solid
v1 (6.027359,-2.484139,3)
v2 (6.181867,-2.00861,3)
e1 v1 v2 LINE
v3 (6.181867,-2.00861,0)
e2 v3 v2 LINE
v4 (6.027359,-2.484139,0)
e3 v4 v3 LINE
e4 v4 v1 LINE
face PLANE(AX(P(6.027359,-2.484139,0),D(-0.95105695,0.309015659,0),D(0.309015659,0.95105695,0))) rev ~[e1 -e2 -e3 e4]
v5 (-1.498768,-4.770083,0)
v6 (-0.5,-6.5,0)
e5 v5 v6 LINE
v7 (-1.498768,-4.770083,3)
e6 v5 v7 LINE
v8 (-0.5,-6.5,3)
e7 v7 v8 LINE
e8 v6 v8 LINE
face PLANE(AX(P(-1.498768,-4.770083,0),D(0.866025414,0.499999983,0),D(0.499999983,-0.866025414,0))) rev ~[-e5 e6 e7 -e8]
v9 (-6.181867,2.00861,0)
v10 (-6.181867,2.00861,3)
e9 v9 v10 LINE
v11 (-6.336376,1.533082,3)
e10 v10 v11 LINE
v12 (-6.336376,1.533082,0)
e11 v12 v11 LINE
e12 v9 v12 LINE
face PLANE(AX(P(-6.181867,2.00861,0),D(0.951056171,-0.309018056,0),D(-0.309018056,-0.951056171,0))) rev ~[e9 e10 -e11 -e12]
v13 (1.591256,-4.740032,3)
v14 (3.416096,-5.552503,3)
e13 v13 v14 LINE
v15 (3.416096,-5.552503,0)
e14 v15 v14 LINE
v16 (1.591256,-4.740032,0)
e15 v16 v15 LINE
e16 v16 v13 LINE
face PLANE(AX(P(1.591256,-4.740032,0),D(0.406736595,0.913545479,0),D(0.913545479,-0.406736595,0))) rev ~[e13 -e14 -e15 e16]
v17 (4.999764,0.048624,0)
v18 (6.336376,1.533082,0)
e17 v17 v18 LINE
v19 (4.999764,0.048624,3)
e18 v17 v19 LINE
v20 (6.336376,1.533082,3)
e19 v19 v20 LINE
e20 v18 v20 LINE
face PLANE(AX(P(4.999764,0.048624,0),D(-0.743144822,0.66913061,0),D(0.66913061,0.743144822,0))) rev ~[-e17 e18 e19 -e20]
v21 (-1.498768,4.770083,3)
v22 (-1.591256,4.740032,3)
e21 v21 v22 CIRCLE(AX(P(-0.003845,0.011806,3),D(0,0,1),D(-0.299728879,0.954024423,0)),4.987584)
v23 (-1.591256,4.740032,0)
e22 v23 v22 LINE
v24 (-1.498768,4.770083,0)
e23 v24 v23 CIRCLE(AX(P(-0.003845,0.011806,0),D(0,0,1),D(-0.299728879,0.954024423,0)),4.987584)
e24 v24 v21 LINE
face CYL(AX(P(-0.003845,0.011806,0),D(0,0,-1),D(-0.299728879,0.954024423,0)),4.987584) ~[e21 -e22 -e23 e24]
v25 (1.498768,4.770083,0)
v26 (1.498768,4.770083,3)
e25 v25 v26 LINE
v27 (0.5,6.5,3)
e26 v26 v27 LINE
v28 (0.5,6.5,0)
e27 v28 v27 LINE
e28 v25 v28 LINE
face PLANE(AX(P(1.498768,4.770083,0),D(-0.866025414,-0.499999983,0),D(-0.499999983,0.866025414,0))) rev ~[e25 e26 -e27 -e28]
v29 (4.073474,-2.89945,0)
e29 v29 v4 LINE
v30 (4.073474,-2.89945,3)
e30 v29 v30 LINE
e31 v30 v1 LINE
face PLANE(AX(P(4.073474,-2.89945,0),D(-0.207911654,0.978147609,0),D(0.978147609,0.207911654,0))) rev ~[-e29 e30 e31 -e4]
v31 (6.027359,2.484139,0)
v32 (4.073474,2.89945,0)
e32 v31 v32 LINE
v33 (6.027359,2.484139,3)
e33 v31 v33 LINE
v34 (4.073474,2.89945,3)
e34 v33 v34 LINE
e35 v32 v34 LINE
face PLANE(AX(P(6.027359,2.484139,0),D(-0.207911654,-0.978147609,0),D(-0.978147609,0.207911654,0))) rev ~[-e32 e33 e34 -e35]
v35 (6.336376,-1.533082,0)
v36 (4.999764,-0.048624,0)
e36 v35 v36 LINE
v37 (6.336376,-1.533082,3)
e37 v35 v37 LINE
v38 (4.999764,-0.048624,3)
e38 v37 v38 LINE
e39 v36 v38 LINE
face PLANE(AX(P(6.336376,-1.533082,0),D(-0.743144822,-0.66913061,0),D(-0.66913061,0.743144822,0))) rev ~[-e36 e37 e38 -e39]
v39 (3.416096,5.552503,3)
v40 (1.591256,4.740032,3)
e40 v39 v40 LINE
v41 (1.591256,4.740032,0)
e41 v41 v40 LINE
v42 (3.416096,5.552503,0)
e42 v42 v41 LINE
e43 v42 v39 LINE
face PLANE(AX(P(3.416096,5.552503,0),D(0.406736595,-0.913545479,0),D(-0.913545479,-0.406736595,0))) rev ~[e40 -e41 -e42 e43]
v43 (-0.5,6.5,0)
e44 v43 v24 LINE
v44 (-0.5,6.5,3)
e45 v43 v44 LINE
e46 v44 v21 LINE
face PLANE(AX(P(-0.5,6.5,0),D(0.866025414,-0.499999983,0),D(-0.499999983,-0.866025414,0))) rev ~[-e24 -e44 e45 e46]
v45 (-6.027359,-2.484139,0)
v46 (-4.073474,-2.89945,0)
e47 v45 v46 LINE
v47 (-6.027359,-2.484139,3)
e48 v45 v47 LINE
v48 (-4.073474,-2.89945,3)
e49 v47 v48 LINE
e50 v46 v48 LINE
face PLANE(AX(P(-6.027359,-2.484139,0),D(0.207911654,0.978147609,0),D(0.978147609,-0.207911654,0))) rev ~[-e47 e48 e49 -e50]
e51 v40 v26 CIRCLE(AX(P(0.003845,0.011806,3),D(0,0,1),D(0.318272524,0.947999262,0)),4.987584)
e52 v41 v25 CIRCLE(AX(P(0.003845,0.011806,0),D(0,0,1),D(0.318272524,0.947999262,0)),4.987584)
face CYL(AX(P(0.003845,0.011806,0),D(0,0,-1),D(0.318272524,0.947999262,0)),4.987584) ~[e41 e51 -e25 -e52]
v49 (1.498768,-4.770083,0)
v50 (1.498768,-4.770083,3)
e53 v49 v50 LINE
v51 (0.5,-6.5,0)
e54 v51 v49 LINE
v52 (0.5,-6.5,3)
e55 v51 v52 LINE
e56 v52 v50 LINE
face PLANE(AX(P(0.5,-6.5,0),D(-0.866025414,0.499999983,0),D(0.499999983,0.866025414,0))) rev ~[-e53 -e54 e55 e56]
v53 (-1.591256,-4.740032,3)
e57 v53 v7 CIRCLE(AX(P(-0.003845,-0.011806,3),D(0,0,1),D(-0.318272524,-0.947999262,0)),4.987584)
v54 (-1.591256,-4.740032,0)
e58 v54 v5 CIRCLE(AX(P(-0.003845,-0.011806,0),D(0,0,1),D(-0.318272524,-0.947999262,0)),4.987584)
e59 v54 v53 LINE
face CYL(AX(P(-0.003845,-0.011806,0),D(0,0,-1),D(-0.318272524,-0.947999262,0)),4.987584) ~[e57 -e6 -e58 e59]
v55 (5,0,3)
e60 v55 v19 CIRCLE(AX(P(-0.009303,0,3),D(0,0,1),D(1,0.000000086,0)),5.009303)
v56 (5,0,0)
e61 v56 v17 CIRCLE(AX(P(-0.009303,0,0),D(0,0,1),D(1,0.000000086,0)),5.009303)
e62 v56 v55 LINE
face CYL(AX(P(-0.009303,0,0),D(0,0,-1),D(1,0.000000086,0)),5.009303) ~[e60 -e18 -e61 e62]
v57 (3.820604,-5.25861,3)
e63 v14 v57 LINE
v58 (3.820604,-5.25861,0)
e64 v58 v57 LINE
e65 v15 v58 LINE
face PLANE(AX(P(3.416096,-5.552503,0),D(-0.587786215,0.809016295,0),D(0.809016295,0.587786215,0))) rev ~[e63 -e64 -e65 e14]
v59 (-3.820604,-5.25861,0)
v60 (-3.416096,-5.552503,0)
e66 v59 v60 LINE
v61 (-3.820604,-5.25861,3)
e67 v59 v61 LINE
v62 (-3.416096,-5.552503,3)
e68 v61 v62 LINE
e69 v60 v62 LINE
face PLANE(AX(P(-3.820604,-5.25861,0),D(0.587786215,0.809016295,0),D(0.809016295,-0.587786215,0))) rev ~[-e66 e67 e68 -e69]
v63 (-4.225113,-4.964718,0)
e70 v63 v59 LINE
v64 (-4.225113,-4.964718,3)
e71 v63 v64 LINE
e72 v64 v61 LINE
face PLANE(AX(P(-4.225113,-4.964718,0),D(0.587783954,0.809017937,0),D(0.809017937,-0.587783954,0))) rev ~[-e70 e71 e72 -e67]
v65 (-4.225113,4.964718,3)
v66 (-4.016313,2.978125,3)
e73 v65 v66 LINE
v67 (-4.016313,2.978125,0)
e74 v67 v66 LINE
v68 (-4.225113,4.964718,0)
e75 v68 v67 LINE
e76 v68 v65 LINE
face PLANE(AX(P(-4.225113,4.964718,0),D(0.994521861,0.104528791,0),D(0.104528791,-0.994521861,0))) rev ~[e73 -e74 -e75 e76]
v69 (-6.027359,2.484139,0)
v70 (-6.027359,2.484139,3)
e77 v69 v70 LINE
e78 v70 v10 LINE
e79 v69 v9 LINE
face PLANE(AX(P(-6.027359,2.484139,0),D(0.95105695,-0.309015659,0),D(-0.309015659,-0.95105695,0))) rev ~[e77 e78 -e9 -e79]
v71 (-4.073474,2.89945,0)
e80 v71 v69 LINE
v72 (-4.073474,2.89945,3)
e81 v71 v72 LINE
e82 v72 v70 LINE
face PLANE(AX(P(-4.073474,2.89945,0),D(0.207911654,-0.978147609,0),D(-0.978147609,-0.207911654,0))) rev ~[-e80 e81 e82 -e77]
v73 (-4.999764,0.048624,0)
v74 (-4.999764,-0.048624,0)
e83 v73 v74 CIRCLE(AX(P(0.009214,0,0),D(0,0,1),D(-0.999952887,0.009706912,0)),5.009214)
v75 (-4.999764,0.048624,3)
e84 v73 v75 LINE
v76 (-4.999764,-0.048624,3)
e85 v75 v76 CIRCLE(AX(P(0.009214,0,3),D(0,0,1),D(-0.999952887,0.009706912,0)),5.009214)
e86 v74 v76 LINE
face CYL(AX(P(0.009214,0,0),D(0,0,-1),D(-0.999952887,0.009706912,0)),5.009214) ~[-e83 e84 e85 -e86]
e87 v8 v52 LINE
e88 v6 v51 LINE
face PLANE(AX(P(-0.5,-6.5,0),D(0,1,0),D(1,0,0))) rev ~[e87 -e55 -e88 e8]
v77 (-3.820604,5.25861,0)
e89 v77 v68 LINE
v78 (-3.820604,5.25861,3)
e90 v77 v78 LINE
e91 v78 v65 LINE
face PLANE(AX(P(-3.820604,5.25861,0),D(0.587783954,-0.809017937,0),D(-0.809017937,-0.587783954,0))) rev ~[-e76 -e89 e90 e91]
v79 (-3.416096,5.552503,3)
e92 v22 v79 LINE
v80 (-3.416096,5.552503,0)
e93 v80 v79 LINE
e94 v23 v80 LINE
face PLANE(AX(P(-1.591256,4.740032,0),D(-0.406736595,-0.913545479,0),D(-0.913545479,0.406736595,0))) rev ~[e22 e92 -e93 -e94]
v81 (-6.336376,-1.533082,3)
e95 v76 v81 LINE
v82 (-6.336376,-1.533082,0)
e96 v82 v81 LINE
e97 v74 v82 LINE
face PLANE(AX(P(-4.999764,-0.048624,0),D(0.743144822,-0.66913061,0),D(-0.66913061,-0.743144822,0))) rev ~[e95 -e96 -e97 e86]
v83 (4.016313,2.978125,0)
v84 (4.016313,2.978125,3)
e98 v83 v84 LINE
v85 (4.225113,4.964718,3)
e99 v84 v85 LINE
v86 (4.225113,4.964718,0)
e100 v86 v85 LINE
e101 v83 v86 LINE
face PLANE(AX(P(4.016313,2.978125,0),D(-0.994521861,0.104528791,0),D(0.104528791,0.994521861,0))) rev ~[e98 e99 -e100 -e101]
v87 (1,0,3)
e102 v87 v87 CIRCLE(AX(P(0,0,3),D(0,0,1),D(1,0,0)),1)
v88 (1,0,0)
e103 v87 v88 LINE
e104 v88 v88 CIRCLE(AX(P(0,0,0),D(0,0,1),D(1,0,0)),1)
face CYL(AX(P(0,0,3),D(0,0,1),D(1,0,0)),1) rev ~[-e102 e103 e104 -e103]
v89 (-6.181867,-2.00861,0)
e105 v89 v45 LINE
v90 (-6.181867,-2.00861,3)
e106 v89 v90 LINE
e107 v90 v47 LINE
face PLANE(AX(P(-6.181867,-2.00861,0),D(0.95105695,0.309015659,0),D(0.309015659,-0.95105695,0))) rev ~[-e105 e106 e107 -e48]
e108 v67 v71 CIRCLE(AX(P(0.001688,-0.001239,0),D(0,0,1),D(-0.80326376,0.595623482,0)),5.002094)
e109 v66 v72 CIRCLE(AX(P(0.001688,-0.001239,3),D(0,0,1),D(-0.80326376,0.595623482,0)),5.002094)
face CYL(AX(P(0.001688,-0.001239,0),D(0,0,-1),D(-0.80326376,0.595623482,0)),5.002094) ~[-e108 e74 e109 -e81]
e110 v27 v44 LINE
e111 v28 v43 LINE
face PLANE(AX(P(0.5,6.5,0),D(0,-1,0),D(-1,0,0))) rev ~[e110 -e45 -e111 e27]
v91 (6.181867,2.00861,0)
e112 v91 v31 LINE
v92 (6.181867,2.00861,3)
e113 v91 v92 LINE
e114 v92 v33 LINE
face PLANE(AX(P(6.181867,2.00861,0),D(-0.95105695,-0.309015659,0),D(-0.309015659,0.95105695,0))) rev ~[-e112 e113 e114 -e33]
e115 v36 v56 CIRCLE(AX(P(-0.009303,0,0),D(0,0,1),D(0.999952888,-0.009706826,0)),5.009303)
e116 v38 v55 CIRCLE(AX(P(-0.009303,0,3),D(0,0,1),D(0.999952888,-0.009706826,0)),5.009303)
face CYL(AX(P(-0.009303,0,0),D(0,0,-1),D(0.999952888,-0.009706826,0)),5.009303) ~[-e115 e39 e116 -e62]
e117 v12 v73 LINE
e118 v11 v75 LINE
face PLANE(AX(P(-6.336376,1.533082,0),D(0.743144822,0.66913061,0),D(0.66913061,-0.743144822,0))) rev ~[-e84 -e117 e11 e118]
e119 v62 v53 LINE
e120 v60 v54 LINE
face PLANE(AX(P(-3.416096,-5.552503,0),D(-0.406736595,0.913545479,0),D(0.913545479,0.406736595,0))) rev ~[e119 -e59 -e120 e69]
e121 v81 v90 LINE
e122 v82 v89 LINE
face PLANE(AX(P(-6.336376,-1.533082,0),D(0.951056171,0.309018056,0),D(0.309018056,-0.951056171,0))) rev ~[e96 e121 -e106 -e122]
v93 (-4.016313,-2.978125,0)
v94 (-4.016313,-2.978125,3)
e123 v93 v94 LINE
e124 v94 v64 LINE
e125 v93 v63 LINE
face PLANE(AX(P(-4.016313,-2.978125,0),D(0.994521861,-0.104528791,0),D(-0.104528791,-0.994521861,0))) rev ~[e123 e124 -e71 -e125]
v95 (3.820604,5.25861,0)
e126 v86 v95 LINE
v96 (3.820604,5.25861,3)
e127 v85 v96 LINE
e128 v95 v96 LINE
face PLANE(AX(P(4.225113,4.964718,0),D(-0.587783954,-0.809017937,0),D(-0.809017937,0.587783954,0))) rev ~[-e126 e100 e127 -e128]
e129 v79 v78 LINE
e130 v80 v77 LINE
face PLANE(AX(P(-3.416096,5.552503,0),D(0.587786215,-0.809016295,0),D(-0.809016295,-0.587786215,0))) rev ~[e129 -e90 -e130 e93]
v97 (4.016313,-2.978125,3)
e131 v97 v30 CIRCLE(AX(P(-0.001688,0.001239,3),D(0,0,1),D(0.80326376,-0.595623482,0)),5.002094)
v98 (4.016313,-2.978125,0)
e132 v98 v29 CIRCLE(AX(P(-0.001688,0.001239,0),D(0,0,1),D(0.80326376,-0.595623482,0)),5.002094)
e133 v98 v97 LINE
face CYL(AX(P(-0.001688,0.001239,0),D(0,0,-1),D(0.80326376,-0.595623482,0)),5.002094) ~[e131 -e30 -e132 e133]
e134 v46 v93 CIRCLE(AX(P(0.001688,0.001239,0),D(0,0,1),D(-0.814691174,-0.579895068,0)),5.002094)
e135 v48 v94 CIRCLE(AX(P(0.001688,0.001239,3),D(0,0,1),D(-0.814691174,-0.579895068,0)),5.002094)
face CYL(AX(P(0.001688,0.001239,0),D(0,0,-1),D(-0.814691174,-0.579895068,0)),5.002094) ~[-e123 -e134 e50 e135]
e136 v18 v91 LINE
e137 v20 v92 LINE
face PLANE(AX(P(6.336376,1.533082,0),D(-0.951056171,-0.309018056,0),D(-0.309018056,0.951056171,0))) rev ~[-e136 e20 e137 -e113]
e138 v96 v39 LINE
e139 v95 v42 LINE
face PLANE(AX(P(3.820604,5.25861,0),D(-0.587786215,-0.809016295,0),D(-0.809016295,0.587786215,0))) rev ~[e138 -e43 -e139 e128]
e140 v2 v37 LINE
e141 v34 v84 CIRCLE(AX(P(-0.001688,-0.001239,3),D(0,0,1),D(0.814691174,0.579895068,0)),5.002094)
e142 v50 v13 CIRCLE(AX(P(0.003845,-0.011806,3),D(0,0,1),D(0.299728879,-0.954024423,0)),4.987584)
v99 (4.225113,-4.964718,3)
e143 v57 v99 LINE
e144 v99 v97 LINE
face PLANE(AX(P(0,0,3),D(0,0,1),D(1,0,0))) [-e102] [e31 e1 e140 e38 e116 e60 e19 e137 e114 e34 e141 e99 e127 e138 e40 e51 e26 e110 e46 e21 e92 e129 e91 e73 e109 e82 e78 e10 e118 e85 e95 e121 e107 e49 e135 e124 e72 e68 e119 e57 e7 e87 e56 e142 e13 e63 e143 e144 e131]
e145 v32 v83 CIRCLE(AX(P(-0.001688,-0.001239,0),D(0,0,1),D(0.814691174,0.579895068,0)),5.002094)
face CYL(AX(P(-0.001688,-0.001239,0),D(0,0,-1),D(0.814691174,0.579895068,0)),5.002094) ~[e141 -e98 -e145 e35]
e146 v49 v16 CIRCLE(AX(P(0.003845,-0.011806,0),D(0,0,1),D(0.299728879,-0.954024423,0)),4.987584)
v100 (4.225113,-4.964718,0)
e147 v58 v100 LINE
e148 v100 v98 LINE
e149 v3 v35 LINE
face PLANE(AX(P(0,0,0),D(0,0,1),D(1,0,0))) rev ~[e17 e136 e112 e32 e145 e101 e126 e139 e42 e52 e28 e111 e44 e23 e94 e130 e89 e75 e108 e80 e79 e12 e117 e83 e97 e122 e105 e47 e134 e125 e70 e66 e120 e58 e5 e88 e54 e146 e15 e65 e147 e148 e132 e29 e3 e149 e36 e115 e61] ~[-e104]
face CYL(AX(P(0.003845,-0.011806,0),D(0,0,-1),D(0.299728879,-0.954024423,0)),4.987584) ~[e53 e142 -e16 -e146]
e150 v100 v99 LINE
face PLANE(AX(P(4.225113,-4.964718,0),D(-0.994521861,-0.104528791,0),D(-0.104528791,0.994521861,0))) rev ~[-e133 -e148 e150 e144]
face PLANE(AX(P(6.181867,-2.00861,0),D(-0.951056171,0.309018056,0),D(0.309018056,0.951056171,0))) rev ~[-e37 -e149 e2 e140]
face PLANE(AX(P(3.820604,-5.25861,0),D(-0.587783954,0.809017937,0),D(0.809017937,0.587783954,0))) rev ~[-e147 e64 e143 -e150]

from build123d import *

# Parameters (mm, degrees)
F1_DEPTH = 3
F2_R     = 1
F3_DEPTH = 3


with BuildPart() as f1:
    # F0 (on Top) → F1 (new body)
    with BuildSketch(Plane.XY):
        with BuildLine():
            ThreePointArc((4.999764, -0.048624), (4.999941, -0.024312), (5, 0))
            ThreePointArc((5, 0), (4.999941, 0.024312), (4.999764, 0.048624))
            ThreePointArc((4.999764, 0.048624), (4.755283, 1.545085), (4.073474, 2.89945))
            ThreePointArc((4.073474, 2.89945), (4.045085, 2.938926), (4.016313, 2.978125))
            ThreePointArc((4.016313, 2.978125), (2.938926, 4.045085), (1.591256, 4.740032))
            ThreePointArc((1.591256, 4.740032), (1.545085, 4.755283), (1.498768, 4.770083))
            ThreePointArc((1.498768, 4.770083), (0, 5), (-1.498768, 4.770083))
            ThreePointArc((-1.498768, 4.770083), (-1.545085, 4.755283), (-1.591256, 4.740032))
            ThreePointArc((-1.591256, 4.740032), (-2.938926, 4.045085), (-4.016313, 2.978125))
            ThreePointArc((-4.016313, 2.978125), (-4.045085, 2.938926), (-4.073474, 2.89945))
            ThreePointArc((-4.073474, 2.89945), (-4.755283, 1.545085), (-4.999764, 0.048624))
            ThreePointArc((-4.999764, 0.048624), (-5, 0), (-4.999764, -0.048624))
            ThreePointArc((-4.999764, -0.048624), (-4.755283, -1.545085), (-4.073474, -2.89945))
            ThreePointArc((-4.073474, -2.89945), (-4.045085, -2.938926), (-4.016313, -2.978125))
            ThreePointArc((-4.016313, -2.978125), (-2.938926, -4.045085), (-1.591256, -4.740032))
            ThreePointArc((-1.591256, -4.740032), (-1.545085, -4.755283), (-1.498768, -4.770083))
            ThreePointArc((-1.498768, -4.770083), (0, -5), (1.498768, -4.770083))
            ThreePointArc((1.498768, -4.770083), (1.545085, -4.755283), (1.591256, -4.740032))
            ThreePointArc((1.591256, -4.740032), (2.938926, -4.045085), (4.016313, -2.978125))
            ThreePointArc((4.016313, -2.978125), (4.045085, -2.938926), (4.073474, -2.89945))
            ThreePointArc((4.073474, -2.89945), (4.755283, -1.545085), (4.999764, -0.048624))
        make_face()
        with BuildLine():
            ThreePointArc((4.073474, 2.89945), (4.755283, 1.545085), (4.999764, 0.048624))
            Line((4.999764, 0.048624), (6.336376, 1.533082))
            Line((6.336376, 1.533082), (6.181867, 2.00861))
            Line((6.181867, 2.00861), (6.027359, 2.484139))
            Line((6.027359, 2.484139), (4.073474, 2.89945))
        make_face()
        with BuildLine():
            Line((6.336376, -1.533082), (4.999764, -0.048624))
            ThreePointArc((4.999764, -0.048624), (4.755283, -1.545085), (4.073474, -2.89945))
            Line((4.073474, -2.89945), (6.027359, -2.484139))
            Line((6.027359, -2.484139), (6.181867, -2.00861))
            Line((6.181867, -2.00861), (6.336376, -1.533082))
        make_face()
        with BuildLine():
            ThreePointArc((1.591256, 4.740032), (2.938926, 4.045085), (4.016313, 2.978125))
            Line((4.016313, 2.978125), (4.225113, 4.964718))
            Line((4.225113, 4.964718), (3.820604, 5.25861))
            Line((3.820604, 5.25861), (3.416096, 5.552503))
            Line((3.416096, 5.552503), (1.591256, 4.740032))
        make_face()
        with BuildLine():
            Line((4.225113, -4.964718), (4.016313, -2.978125))
            ThreePointArc((4.016313, -2.978125), (2.938926, -4.045085), (1.591256, -4.740032))
            Line((1.591256, -4.740032), (3.416096, -5.552503))
            Line((3.416096, -5.552503), (3.820604, -5.25861))
            Line((3.820604, -5.25861), (4.225113, -4.964718))
        make_face()
        with BuildLine():
            ThreePointArc((-1.498768, 4.770083), (0, 5), (1.498768, 4.770083))
            Line((1.498768, 4.770083), (0.5, 6.5))
            Line((0.5, 6.5), (0, 6.5))
            Line((0, 6.5), (-0.5, 6.5))
            Line((-0.5, 6.5), (-1.498768, 4.770083))
        make_face()
        with BuildLine():
            Line((0.5, -6.5), (1.498768, -4.770083))
            ThreePointArc((1.498768, -4.770083), (0, -5), (-1.498768, -4.770083))
            Line((-1.498768, -4.770083), (-0.5, -6.5))
            Line((-0.5, -6.5), (0, -6.5))
            Line((0, -6.5), (0.5, -6.5))
        make_face()
        with BuildLine():
            ThreePointArc((-4.016313, 2.978125), (-2.938926, 4.045085), (-1.591256, 4.740032))
            Line((-1.591256, 4.740032), (-3.416096, 5.552503))
            Line((-3.416096, 5.552503), (-3.820604, 5.25861))
            Line((-3.820604, 5.25861), (-4.225113, 4.964718))
            Line((-4.225113, 4.964718), (-4.016313, 2.978125))
        make_face()
        with BuildLine():
            Line((-3.416096, -5.552503), (-1.591256, -4.740032))
            ThreePointArc((-1.591256, -4.740032), (-2.938926, -4.045085), (-4.016313, -2.978125))
            Line((-4.016313, -2.978125), (-4.225113, -4.964718))
            Line((-4.225113, -4.964718), (-3.820604, -5.25861))
            Line((-3.820604, -5.25861), (-3.416096, -5.552503))
        make_face()
        with BuildLine():
            ThreePointArc((-4.999764, 0.048624), (-4.755283, 1.545085), (-4.073474, 2.89945))
            Line((-4.073474, 2.89945), (-6.027359, 2.484139))
            Line((-6.027359, 2.484139), (-6.181867, 2.00861))
            Line((-6.181867, 2.00861), (-6.336376, 1.533082))
            Line((-6.336376, 1.533082), (-4.999764, 0.048624))
        make_face()
        with BuildLine():
            Line((-6.027359, -2.484139), (-4.073474, -2.89945))
            ThreePointArc((-4.073474, -2.89945), (-4.755283, -1.545085), (-4.999764, -0.048624))
            Line((-4.999764, -0.048624), (-6.336376, -1.533082))
            Line((-6.336376, -1.533082), (-6.181867, -2.00861))
            Line((-6.181867, -2.00861), (-6.027359, -2.484139))
        make_face()
    extrude(amount=F1_DEPTH)

    # F2 (on face) → F3 (cut, through all)
    with BuildSketch(Plane.XY.offset(3)):
        Circle(F2_R)
    extrude(amount=-F3_DEPTH, mode=Mode.SUBTRACT)


solid = f1.part
